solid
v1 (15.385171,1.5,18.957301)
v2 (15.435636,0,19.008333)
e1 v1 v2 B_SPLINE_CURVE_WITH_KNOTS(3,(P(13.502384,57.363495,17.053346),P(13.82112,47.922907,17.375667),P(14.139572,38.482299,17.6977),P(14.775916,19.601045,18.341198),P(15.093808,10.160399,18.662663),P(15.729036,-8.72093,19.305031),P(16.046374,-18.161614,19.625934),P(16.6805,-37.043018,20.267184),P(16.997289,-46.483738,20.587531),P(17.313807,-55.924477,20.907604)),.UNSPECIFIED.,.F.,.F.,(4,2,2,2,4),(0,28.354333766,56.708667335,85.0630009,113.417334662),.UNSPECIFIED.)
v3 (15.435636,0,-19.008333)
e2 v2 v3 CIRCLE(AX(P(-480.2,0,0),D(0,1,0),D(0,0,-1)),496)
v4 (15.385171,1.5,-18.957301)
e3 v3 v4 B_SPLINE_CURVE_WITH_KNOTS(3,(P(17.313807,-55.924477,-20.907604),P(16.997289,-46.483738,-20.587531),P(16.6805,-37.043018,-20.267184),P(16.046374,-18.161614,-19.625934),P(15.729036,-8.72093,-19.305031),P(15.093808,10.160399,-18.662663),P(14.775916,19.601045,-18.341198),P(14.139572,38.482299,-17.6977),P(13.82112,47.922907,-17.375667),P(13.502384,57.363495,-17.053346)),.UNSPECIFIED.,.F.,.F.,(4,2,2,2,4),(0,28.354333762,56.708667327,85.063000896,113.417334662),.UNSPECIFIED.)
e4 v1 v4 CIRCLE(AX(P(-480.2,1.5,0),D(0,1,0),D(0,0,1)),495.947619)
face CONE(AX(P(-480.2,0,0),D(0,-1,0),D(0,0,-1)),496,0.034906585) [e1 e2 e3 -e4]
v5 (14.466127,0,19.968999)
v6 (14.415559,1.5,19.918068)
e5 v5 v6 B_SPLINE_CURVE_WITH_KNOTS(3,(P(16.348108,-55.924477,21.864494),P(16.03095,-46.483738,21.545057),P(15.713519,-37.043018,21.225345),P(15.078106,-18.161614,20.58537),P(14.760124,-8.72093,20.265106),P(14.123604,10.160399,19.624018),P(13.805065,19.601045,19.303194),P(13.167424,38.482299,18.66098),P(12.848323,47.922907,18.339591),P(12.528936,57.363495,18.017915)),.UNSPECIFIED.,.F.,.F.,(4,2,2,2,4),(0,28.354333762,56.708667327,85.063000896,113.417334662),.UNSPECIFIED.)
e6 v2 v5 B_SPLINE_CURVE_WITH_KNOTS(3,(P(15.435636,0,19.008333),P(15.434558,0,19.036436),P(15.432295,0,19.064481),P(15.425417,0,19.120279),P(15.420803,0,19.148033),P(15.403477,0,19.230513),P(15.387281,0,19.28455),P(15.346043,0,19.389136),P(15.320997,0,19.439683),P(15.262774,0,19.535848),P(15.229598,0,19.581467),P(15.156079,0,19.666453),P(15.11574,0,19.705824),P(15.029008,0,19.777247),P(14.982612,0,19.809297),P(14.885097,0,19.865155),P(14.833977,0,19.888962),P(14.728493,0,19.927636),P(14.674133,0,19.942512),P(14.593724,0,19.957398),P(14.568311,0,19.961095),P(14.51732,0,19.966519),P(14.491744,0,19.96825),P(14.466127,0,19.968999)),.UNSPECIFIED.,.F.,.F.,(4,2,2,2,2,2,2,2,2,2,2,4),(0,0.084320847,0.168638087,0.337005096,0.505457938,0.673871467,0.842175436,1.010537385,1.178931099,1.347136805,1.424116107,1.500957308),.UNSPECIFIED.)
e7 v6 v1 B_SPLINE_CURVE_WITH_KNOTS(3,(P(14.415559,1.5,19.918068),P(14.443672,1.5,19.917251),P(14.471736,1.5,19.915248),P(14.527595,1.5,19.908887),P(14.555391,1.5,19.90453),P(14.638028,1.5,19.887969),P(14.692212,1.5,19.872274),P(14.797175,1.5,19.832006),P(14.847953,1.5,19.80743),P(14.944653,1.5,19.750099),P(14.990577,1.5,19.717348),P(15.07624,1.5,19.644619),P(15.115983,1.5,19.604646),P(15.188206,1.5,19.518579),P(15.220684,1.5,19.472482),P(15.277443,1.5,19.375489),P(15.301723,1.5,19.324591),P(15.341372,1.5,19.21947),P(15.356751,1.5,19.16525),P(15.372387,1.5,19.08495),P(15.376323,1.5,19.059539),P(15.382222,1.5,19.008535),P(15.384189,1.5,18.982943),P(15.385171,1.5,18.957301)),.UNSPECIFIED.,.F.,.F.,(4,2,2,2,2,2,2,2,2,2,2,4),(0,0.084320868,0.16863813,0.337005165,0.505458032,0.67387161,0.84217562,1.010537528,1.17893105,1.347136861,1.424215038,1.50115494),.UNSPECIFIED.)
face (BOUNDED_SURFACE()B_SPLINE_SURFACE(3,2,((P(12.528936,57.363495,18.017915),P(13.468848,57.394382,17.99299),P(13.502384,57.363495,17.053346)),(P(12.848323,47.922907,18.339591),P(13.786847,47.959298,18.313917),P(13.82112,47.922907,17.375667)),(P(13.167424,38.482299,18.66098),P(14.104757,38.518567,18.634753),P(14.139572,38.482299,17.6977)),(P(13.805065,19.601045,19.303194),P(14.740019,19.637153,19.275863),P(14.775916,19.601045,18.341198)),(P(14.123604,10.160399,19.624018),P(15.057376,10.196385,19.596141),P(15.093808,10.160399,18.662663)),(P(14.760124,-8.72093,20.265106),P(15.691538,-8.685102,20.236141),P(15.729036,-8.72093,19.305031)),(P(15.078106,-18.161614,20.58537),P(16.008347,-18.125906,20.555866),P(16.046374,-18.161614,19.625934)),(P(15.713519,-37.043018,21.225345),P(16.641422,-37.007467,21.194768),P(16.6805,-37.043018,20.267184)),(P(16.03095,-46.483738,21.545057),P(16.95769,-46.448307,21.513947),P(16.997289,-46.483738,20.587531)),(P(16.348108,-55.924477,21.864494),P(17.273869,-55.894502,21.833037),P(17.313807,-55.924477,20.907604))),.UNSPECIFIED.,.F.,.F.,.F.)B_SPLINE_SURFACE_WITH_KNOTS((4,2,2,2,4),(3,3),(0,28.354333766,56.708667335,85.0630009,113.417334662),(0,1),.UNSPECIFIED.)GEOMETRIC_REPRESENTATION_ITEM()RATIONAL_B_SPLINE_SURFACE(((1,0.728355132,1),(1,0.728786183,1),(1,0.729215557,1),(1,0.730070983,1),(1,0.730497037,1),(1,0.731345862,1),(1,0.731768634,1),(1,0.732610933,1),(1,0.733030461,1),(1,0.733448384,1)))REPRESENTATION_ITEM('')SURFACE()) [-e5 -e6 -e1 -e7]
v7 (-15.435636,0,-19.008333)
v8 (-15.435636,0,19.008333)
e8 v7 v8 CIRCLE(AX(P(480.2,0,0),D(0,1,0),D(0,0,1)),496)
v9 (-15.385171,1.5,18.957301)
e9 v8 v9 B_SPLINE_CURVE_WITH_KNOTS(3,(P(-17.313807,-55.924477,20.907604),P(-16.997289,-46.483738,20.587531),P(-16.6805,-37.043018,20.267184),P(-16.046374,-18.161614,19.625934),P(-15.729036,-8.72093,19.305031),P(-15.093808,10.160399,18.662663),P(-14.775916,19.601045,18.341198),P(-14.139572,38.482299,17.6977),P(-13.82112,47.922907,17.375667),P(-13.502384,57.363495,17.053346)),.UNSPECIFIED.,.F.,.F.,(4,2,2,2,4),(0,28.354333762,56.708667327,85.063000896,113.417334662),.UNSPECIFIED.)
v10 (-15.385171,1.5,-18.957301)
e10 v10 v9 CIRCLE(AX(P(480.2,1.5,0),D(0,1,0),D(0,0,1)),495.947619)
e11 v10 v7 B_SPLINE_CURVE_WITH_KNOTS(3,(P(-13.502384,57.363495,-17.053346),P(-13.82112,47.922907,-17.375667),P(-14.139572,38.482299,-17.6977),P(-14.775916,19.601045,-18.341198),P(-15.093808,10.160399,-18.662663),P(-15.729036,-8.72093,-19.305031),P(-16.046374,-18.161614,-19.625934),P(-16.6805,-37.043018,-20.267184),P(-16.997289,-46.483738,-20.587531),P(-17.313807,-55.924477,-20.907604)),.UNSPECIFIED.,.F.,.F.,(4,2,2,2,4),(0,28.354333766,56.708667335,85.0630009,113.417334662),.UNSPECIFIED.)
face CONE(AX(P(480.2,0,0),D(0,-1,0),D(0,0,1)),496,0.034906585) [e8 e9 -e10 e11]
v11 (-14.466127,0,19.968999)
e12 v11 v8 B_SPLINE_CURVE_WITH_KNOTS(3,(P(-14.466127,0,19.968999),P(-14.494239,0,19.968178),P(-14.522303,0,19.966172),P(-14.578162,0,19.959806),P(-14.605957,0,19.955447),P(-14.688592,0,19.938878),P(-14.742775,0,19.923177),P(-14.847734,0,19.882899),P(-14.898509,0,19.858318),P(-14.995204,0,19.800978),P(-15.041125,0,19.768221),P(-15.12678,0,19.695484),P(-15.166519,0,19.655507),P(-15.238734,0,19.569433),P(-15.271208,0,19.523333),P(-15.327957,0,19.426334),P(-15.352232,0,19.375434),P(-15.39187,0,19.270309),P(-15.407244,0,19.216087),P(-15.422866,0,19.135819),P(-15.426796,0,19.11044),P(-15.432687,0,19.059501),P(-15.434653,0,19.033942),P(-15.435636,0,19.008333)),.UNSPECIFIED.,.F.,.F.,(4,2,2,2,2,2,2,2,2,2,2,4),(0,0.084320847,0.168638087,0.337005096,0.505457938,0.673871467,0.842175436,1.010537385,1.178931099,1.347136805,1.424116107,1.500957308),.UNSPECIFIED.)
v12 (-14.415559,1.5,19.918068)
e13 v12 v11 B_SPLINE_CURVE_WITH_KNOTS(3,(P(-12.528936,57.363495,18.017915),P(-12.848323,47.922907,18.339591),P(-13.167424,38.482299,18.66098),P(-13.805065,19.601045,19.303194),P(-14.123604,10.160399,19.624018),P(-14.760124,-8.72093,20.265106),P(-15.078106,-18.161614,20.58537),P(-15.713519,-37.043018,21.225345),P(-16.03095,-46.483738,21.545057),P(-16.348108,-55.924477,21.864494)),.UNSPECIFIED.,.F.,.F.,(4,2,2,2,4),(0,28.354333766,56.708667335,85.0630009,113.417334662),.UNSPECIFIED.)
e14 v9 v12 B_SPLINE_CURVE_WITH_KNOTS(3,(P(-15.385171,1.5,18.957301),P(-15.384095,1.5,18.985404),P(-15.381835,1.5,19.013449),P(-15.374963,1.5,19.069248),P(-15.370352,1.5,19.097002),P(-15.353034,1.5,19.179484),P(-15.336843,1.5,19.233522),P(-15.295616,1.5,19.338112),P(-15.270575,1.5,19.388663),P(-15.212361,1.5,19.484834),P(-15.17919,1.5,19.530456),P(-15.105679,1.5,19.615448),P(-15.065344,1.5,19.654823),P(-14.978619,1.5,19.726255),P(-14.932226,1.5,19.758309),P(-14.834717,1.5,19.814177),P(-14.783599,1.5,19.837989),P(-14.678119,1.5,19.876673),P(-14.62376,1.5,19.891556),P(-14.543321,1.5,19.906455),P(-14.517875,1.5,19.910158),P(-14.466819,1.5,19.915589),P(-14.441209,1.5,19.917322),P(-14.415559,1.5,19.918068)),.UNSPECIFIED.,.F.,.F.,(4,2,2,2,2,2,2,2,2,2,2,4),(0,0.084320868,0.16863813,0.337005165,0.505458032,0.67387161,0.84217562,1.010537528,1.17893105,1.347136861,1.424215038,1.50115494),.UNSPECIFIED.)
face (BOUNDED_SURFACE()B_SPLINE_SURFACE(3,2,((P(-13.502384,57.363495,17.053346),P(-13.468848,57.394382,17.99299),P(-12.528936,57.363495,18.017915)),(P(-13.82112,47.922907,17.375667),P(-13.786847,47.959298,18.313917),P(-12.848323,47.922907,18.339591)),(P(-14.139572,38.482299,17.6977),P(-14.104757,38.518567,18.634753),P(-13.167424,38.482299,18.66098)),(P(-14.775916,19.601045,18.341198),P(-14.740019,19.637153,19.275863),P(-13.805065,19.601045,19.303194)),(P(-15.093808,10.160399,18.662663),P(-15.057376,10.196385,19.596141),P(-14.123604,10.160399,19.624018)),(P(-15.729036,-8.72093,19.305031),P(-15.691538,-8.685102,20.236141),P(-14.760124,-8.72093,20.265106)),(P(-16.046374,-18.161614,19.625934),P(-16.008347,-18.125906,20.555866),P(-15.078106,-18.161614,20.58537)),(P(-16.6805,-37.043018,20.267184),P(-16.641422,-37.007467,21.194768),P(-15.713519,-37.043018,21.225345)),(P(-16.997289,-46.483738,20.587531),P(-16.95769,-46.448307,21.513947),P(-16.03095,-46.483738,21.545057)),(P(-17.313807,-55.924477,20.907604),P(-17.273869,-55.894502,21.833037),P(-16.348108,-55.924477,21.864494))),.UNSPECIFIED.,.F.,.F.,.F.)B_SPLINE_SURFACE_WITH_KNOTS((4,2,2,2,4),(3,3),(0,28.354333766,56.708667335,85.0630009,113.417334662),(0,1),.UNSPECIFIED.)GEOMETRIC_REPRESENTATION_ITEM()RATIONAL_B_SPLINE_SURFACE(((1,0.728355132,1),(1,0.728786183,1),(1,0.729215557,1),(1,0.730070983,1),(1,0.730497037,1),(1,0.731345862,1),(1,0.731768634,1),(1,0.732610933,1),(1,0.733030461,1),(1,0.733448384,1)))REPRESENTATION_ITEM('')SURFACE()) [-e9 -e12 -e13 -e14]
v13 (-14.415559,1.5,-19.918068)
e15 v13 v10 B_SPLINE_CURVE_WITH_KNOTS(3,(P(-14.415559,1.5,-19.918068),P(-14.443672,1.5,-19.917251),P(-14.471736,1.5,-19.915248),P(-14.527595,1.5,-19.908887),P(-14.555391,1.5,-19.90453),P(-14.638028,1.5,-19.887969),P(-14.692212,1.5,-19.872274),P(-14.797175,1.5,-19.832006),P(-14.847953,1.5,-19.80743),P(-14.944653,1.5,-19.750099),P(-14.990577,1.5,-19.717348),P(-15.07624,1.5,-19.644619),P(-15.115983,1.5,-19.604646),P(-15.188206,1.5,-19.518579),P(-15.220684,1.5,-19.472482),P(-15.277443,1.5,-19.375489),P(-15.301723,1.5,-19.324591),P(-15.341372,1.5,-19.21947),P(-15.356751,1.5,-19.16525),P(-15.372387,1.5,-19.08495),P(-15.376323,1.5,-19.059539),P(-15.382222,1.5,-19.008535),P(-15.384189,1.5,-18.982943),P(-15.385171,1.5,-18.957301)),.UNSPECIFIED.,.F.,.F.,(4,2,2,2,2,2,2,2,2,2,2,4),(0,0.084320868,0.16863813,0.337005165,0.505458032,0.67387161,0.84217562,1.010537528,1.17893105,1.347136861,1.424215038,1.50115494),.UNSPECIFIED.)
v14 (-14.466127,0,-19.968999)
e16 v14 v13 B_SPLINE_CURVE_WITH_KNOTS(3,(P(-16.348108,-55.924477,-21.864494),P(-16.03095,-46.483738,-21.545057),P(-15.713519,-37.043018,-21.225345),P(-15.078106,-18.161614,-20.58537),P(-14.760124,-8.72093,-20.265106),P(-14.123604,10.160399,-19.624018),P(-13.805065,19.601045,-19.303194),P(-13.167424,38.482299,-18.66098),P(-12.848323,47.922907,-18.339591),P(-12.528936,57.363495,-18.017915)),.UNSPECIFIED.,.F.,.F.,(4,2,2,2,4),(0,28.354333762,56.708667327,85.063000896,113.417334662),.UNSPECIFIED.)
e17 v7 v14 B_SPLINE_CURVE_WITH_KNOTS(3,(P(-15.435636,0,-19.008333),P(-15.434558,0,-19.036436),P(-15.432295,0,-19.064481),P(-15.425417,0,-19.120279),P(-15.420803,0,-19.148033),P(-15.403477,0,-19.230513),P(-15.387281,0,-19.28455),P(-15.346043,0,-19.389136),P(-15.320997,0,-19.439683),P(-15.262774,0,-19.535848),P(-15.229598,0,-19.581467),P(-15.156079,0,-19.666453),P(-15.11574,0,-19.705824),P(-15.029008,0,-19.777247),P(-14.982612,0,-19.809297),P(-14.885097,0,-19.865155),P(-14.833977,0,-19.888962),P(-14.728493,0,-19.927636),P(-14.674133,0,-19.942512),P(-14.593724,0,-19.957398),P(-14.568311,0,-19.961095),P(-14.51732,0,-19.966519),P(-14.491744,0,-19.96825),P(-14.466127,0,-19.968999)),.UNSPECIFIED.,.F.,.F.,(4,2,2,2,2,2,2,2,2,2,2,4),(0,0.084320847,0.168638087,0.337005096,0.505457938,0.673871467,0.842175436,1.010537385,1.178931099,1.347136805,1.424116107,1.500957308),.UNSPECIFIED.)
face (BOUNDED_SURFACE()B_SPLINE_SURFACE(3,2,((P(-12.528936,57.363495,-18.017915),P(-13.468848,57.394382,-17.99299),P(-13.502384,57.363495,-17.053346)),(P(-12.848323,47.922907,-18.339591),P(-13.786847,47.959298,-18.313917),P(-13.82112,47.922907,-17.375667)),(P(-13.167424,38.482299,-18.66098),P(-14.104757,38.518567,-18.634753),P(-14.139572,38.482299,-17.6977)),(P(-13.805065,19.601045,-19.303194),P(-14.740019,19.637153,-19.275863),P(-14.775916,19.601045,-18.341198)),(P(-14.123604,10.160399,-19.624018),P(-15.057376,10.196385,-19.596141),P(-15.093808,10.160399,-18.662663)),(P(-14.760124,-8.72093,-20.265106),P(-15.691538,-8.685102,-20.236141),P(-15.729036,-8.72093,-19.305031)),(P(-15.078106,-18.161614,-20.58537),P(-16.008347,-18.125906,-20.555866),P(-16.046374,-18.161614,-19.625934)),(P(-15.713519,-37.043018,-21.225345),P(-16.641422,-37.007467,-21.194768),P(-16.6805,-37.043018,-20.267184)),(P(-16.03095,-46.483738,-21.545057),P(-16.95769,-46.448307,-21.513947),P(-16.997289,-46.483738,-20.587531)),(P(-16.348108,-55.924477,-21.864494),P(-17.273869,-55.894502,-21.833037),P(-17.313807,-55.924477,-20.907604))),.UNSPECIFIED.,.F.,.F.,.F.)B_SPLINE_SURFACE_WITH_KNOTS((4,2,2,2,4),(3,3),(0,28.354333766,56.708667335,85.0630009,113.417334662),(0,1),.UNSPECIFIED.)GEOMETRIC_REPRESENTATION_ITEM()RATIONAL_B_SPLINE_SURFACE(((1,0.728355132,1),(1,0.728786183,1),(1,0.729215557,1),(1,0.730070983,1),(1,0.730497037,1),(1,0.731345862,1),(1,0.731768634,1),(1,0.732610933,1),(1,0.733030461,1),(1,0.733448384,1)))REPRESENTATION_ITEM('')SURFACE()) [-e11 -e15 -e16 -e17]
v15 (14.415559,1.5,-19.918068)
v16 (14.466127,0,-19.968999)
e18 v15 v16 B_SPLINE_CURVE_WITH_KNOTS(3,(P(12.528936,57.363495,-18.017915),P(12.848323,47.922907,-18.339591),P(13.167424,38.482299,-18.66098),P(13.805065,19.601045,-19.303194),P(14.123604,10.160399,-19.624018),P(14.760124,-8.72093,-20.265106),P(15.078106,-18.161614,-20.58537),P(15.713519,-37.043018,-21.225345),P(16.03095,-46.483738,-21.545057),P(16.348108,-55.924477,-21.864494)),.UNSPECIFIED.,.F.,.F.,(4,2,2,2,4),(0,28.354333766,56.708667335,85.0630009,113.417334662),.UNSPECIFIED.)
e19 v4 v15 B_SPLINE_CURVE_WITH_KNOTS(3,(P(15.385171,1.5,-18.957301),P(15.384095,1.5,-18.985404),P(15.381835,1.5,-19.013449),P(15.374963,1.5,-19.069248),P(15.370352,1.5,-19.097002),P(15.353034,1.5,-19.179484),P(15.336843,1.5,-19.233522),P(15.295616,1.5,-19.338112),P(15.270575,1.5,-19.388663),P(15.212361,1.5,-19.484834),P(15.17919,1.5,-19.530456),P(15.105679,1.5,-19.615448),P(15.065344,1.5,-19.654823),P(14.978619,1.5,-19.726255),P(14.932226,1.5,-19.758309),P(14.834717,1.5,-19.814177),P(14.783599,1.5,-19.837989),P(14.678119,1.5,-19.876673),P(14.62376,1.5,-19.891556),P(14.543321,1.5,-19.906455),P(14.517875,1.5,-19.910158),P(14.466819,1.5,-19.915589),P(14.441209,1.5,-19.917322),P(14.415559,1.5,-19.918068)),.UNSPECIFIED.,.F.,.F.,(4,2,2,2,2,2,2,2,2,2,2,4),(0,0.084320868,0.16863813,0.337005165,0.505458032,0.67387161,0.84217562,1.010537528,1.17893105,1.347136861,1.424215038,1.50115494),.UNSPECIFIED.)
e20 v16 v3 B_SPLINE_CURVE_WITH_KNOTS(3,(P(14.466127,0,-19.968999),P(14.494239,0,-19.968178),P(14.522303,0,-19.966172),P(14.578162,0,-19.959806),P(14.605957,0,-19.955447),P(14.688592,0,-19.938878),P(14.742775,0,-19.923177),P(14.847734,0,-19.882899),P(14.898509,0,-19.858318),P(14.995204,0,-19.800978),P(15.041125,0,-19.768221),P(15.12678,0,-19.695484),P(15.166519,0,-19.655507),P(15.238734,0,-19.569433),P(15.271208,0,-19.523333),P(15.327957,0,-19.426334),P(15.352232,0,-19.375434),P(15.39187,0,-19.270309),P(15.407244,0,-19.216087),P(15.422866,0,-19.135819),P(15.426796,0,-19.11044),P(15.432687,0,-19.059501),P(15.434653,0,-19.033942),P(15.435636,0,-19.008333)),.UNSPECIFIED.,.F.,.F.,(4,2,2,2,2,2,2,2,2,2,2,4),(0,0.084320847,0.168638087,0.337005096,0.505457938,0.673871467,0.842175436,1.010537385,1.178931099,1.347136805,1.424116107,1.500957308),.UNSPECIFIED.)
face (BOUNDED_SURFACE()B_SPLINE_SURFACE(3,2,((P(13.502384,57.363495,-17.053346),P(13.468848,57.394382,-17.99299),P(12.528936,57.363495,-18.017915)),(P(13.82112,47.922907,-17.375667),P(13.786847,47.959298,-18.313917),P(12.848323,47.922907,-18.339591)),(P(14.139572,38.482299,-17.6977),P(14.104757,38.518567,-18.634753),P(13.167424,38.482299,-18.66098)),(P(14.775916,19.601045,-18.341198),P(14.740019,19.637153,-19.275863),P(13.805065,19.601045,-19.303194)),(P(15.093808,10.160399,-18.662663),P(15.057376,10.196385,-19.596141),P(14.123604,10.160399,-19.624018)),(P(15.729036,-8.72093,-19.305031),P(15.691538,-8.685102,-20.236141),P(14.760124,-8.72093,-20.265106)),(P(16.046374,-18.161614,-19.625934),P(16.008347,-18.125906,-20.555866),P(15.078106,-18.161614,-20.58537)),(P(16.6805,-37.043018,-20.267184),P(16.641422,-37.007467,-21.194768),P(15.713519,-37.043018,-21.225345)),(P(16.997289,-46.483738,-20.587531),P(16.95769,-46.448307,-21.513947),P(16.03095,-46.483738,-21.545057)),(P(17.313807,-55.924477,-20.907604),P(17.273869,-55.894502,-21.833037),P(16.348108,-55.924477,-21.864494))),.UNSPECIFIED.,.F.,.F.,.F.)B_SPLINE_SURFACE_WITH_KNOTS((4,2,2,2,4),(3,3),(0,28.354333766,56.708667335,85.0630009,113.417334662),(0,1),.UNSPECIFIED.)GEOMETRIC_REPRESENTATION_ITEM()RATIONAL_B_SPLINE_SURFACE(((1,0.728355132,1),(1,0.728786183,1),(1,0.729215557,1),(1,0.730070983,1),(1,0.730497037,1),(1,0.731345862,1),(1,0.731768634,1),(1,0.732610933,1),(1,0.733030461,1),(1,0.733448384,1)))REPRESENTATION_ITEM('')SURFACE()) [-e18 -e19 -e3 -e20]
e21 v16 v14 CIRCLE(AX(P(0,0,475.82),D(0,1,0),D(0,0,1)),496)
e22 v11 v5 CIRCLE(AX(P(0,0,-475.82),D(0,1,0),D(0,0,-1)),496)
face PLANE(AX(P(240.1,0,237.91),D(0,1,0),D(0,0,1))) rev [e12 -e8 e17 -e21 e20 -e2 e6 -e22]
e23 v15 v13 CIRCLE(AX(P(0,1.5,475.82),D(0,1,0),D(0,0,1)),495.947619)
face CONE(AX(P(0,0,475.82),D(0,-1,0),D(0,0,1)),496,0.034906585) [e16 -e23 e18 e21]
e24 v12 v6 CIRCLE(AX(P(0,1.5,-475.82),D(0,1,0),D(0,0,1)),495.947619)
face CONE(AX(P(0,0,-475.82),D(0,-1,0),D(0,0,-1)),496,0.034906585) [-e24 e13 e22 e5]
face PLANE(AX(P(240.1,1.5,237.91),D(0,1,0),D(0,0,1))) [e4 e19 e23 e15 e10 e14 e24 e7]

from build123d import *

# Parameters (mm, degrees)
BOSS_EXTRUDE1_DEPTH = 1.5
BOSS_EXTRUDE1_TAPER = 2
FILLET1_R           = 1


with BuildPart() as part:
    # Sketch1 → Boss-Extrude1 (new body)
    with BuildSketch(Plane(origin=(0, 0, 0), x_dir=(1, 0, 0), z_dir=(0, 1, 0))):
        with BuildLine():
            ThreePointArc((-15.398991588, 19.940901099), (-15.8, 0), (-15.398991588, -19.940901099))
            ThreePointArc((-15.398991588, -19.940901099), (0, -20.18), (15.398991588, -19.940901099))
            ThreePointArc((15.398991588, -19.940901099), (15.8, 0), (15.398991588, 19.940901099))
            ThreePointArc((15.398991588, 19.940901099), (0, 20.18), (-15.398991588, 19.940901099))
        make_face()
    extrude(amount=BOSS_EXTRUDE1_DEPTH, taper=BOSS_EXTRUDE1_TAPER)

    # Fillet1
    fillet1_edges = [part.edges().sort_by_distance(p)[0] for p in [
        (15.373801496, 0.75, -19.915479128),
        (15.373801497, 0.75, 19.915479128),
        (-15.373801496, 0.75, 19.915479128),
        (-15.373801496, 0.75, -19.915479128),
    ]]
    fillet(fillet1_edges, radius=FILLET1_R)


solid = part.part
